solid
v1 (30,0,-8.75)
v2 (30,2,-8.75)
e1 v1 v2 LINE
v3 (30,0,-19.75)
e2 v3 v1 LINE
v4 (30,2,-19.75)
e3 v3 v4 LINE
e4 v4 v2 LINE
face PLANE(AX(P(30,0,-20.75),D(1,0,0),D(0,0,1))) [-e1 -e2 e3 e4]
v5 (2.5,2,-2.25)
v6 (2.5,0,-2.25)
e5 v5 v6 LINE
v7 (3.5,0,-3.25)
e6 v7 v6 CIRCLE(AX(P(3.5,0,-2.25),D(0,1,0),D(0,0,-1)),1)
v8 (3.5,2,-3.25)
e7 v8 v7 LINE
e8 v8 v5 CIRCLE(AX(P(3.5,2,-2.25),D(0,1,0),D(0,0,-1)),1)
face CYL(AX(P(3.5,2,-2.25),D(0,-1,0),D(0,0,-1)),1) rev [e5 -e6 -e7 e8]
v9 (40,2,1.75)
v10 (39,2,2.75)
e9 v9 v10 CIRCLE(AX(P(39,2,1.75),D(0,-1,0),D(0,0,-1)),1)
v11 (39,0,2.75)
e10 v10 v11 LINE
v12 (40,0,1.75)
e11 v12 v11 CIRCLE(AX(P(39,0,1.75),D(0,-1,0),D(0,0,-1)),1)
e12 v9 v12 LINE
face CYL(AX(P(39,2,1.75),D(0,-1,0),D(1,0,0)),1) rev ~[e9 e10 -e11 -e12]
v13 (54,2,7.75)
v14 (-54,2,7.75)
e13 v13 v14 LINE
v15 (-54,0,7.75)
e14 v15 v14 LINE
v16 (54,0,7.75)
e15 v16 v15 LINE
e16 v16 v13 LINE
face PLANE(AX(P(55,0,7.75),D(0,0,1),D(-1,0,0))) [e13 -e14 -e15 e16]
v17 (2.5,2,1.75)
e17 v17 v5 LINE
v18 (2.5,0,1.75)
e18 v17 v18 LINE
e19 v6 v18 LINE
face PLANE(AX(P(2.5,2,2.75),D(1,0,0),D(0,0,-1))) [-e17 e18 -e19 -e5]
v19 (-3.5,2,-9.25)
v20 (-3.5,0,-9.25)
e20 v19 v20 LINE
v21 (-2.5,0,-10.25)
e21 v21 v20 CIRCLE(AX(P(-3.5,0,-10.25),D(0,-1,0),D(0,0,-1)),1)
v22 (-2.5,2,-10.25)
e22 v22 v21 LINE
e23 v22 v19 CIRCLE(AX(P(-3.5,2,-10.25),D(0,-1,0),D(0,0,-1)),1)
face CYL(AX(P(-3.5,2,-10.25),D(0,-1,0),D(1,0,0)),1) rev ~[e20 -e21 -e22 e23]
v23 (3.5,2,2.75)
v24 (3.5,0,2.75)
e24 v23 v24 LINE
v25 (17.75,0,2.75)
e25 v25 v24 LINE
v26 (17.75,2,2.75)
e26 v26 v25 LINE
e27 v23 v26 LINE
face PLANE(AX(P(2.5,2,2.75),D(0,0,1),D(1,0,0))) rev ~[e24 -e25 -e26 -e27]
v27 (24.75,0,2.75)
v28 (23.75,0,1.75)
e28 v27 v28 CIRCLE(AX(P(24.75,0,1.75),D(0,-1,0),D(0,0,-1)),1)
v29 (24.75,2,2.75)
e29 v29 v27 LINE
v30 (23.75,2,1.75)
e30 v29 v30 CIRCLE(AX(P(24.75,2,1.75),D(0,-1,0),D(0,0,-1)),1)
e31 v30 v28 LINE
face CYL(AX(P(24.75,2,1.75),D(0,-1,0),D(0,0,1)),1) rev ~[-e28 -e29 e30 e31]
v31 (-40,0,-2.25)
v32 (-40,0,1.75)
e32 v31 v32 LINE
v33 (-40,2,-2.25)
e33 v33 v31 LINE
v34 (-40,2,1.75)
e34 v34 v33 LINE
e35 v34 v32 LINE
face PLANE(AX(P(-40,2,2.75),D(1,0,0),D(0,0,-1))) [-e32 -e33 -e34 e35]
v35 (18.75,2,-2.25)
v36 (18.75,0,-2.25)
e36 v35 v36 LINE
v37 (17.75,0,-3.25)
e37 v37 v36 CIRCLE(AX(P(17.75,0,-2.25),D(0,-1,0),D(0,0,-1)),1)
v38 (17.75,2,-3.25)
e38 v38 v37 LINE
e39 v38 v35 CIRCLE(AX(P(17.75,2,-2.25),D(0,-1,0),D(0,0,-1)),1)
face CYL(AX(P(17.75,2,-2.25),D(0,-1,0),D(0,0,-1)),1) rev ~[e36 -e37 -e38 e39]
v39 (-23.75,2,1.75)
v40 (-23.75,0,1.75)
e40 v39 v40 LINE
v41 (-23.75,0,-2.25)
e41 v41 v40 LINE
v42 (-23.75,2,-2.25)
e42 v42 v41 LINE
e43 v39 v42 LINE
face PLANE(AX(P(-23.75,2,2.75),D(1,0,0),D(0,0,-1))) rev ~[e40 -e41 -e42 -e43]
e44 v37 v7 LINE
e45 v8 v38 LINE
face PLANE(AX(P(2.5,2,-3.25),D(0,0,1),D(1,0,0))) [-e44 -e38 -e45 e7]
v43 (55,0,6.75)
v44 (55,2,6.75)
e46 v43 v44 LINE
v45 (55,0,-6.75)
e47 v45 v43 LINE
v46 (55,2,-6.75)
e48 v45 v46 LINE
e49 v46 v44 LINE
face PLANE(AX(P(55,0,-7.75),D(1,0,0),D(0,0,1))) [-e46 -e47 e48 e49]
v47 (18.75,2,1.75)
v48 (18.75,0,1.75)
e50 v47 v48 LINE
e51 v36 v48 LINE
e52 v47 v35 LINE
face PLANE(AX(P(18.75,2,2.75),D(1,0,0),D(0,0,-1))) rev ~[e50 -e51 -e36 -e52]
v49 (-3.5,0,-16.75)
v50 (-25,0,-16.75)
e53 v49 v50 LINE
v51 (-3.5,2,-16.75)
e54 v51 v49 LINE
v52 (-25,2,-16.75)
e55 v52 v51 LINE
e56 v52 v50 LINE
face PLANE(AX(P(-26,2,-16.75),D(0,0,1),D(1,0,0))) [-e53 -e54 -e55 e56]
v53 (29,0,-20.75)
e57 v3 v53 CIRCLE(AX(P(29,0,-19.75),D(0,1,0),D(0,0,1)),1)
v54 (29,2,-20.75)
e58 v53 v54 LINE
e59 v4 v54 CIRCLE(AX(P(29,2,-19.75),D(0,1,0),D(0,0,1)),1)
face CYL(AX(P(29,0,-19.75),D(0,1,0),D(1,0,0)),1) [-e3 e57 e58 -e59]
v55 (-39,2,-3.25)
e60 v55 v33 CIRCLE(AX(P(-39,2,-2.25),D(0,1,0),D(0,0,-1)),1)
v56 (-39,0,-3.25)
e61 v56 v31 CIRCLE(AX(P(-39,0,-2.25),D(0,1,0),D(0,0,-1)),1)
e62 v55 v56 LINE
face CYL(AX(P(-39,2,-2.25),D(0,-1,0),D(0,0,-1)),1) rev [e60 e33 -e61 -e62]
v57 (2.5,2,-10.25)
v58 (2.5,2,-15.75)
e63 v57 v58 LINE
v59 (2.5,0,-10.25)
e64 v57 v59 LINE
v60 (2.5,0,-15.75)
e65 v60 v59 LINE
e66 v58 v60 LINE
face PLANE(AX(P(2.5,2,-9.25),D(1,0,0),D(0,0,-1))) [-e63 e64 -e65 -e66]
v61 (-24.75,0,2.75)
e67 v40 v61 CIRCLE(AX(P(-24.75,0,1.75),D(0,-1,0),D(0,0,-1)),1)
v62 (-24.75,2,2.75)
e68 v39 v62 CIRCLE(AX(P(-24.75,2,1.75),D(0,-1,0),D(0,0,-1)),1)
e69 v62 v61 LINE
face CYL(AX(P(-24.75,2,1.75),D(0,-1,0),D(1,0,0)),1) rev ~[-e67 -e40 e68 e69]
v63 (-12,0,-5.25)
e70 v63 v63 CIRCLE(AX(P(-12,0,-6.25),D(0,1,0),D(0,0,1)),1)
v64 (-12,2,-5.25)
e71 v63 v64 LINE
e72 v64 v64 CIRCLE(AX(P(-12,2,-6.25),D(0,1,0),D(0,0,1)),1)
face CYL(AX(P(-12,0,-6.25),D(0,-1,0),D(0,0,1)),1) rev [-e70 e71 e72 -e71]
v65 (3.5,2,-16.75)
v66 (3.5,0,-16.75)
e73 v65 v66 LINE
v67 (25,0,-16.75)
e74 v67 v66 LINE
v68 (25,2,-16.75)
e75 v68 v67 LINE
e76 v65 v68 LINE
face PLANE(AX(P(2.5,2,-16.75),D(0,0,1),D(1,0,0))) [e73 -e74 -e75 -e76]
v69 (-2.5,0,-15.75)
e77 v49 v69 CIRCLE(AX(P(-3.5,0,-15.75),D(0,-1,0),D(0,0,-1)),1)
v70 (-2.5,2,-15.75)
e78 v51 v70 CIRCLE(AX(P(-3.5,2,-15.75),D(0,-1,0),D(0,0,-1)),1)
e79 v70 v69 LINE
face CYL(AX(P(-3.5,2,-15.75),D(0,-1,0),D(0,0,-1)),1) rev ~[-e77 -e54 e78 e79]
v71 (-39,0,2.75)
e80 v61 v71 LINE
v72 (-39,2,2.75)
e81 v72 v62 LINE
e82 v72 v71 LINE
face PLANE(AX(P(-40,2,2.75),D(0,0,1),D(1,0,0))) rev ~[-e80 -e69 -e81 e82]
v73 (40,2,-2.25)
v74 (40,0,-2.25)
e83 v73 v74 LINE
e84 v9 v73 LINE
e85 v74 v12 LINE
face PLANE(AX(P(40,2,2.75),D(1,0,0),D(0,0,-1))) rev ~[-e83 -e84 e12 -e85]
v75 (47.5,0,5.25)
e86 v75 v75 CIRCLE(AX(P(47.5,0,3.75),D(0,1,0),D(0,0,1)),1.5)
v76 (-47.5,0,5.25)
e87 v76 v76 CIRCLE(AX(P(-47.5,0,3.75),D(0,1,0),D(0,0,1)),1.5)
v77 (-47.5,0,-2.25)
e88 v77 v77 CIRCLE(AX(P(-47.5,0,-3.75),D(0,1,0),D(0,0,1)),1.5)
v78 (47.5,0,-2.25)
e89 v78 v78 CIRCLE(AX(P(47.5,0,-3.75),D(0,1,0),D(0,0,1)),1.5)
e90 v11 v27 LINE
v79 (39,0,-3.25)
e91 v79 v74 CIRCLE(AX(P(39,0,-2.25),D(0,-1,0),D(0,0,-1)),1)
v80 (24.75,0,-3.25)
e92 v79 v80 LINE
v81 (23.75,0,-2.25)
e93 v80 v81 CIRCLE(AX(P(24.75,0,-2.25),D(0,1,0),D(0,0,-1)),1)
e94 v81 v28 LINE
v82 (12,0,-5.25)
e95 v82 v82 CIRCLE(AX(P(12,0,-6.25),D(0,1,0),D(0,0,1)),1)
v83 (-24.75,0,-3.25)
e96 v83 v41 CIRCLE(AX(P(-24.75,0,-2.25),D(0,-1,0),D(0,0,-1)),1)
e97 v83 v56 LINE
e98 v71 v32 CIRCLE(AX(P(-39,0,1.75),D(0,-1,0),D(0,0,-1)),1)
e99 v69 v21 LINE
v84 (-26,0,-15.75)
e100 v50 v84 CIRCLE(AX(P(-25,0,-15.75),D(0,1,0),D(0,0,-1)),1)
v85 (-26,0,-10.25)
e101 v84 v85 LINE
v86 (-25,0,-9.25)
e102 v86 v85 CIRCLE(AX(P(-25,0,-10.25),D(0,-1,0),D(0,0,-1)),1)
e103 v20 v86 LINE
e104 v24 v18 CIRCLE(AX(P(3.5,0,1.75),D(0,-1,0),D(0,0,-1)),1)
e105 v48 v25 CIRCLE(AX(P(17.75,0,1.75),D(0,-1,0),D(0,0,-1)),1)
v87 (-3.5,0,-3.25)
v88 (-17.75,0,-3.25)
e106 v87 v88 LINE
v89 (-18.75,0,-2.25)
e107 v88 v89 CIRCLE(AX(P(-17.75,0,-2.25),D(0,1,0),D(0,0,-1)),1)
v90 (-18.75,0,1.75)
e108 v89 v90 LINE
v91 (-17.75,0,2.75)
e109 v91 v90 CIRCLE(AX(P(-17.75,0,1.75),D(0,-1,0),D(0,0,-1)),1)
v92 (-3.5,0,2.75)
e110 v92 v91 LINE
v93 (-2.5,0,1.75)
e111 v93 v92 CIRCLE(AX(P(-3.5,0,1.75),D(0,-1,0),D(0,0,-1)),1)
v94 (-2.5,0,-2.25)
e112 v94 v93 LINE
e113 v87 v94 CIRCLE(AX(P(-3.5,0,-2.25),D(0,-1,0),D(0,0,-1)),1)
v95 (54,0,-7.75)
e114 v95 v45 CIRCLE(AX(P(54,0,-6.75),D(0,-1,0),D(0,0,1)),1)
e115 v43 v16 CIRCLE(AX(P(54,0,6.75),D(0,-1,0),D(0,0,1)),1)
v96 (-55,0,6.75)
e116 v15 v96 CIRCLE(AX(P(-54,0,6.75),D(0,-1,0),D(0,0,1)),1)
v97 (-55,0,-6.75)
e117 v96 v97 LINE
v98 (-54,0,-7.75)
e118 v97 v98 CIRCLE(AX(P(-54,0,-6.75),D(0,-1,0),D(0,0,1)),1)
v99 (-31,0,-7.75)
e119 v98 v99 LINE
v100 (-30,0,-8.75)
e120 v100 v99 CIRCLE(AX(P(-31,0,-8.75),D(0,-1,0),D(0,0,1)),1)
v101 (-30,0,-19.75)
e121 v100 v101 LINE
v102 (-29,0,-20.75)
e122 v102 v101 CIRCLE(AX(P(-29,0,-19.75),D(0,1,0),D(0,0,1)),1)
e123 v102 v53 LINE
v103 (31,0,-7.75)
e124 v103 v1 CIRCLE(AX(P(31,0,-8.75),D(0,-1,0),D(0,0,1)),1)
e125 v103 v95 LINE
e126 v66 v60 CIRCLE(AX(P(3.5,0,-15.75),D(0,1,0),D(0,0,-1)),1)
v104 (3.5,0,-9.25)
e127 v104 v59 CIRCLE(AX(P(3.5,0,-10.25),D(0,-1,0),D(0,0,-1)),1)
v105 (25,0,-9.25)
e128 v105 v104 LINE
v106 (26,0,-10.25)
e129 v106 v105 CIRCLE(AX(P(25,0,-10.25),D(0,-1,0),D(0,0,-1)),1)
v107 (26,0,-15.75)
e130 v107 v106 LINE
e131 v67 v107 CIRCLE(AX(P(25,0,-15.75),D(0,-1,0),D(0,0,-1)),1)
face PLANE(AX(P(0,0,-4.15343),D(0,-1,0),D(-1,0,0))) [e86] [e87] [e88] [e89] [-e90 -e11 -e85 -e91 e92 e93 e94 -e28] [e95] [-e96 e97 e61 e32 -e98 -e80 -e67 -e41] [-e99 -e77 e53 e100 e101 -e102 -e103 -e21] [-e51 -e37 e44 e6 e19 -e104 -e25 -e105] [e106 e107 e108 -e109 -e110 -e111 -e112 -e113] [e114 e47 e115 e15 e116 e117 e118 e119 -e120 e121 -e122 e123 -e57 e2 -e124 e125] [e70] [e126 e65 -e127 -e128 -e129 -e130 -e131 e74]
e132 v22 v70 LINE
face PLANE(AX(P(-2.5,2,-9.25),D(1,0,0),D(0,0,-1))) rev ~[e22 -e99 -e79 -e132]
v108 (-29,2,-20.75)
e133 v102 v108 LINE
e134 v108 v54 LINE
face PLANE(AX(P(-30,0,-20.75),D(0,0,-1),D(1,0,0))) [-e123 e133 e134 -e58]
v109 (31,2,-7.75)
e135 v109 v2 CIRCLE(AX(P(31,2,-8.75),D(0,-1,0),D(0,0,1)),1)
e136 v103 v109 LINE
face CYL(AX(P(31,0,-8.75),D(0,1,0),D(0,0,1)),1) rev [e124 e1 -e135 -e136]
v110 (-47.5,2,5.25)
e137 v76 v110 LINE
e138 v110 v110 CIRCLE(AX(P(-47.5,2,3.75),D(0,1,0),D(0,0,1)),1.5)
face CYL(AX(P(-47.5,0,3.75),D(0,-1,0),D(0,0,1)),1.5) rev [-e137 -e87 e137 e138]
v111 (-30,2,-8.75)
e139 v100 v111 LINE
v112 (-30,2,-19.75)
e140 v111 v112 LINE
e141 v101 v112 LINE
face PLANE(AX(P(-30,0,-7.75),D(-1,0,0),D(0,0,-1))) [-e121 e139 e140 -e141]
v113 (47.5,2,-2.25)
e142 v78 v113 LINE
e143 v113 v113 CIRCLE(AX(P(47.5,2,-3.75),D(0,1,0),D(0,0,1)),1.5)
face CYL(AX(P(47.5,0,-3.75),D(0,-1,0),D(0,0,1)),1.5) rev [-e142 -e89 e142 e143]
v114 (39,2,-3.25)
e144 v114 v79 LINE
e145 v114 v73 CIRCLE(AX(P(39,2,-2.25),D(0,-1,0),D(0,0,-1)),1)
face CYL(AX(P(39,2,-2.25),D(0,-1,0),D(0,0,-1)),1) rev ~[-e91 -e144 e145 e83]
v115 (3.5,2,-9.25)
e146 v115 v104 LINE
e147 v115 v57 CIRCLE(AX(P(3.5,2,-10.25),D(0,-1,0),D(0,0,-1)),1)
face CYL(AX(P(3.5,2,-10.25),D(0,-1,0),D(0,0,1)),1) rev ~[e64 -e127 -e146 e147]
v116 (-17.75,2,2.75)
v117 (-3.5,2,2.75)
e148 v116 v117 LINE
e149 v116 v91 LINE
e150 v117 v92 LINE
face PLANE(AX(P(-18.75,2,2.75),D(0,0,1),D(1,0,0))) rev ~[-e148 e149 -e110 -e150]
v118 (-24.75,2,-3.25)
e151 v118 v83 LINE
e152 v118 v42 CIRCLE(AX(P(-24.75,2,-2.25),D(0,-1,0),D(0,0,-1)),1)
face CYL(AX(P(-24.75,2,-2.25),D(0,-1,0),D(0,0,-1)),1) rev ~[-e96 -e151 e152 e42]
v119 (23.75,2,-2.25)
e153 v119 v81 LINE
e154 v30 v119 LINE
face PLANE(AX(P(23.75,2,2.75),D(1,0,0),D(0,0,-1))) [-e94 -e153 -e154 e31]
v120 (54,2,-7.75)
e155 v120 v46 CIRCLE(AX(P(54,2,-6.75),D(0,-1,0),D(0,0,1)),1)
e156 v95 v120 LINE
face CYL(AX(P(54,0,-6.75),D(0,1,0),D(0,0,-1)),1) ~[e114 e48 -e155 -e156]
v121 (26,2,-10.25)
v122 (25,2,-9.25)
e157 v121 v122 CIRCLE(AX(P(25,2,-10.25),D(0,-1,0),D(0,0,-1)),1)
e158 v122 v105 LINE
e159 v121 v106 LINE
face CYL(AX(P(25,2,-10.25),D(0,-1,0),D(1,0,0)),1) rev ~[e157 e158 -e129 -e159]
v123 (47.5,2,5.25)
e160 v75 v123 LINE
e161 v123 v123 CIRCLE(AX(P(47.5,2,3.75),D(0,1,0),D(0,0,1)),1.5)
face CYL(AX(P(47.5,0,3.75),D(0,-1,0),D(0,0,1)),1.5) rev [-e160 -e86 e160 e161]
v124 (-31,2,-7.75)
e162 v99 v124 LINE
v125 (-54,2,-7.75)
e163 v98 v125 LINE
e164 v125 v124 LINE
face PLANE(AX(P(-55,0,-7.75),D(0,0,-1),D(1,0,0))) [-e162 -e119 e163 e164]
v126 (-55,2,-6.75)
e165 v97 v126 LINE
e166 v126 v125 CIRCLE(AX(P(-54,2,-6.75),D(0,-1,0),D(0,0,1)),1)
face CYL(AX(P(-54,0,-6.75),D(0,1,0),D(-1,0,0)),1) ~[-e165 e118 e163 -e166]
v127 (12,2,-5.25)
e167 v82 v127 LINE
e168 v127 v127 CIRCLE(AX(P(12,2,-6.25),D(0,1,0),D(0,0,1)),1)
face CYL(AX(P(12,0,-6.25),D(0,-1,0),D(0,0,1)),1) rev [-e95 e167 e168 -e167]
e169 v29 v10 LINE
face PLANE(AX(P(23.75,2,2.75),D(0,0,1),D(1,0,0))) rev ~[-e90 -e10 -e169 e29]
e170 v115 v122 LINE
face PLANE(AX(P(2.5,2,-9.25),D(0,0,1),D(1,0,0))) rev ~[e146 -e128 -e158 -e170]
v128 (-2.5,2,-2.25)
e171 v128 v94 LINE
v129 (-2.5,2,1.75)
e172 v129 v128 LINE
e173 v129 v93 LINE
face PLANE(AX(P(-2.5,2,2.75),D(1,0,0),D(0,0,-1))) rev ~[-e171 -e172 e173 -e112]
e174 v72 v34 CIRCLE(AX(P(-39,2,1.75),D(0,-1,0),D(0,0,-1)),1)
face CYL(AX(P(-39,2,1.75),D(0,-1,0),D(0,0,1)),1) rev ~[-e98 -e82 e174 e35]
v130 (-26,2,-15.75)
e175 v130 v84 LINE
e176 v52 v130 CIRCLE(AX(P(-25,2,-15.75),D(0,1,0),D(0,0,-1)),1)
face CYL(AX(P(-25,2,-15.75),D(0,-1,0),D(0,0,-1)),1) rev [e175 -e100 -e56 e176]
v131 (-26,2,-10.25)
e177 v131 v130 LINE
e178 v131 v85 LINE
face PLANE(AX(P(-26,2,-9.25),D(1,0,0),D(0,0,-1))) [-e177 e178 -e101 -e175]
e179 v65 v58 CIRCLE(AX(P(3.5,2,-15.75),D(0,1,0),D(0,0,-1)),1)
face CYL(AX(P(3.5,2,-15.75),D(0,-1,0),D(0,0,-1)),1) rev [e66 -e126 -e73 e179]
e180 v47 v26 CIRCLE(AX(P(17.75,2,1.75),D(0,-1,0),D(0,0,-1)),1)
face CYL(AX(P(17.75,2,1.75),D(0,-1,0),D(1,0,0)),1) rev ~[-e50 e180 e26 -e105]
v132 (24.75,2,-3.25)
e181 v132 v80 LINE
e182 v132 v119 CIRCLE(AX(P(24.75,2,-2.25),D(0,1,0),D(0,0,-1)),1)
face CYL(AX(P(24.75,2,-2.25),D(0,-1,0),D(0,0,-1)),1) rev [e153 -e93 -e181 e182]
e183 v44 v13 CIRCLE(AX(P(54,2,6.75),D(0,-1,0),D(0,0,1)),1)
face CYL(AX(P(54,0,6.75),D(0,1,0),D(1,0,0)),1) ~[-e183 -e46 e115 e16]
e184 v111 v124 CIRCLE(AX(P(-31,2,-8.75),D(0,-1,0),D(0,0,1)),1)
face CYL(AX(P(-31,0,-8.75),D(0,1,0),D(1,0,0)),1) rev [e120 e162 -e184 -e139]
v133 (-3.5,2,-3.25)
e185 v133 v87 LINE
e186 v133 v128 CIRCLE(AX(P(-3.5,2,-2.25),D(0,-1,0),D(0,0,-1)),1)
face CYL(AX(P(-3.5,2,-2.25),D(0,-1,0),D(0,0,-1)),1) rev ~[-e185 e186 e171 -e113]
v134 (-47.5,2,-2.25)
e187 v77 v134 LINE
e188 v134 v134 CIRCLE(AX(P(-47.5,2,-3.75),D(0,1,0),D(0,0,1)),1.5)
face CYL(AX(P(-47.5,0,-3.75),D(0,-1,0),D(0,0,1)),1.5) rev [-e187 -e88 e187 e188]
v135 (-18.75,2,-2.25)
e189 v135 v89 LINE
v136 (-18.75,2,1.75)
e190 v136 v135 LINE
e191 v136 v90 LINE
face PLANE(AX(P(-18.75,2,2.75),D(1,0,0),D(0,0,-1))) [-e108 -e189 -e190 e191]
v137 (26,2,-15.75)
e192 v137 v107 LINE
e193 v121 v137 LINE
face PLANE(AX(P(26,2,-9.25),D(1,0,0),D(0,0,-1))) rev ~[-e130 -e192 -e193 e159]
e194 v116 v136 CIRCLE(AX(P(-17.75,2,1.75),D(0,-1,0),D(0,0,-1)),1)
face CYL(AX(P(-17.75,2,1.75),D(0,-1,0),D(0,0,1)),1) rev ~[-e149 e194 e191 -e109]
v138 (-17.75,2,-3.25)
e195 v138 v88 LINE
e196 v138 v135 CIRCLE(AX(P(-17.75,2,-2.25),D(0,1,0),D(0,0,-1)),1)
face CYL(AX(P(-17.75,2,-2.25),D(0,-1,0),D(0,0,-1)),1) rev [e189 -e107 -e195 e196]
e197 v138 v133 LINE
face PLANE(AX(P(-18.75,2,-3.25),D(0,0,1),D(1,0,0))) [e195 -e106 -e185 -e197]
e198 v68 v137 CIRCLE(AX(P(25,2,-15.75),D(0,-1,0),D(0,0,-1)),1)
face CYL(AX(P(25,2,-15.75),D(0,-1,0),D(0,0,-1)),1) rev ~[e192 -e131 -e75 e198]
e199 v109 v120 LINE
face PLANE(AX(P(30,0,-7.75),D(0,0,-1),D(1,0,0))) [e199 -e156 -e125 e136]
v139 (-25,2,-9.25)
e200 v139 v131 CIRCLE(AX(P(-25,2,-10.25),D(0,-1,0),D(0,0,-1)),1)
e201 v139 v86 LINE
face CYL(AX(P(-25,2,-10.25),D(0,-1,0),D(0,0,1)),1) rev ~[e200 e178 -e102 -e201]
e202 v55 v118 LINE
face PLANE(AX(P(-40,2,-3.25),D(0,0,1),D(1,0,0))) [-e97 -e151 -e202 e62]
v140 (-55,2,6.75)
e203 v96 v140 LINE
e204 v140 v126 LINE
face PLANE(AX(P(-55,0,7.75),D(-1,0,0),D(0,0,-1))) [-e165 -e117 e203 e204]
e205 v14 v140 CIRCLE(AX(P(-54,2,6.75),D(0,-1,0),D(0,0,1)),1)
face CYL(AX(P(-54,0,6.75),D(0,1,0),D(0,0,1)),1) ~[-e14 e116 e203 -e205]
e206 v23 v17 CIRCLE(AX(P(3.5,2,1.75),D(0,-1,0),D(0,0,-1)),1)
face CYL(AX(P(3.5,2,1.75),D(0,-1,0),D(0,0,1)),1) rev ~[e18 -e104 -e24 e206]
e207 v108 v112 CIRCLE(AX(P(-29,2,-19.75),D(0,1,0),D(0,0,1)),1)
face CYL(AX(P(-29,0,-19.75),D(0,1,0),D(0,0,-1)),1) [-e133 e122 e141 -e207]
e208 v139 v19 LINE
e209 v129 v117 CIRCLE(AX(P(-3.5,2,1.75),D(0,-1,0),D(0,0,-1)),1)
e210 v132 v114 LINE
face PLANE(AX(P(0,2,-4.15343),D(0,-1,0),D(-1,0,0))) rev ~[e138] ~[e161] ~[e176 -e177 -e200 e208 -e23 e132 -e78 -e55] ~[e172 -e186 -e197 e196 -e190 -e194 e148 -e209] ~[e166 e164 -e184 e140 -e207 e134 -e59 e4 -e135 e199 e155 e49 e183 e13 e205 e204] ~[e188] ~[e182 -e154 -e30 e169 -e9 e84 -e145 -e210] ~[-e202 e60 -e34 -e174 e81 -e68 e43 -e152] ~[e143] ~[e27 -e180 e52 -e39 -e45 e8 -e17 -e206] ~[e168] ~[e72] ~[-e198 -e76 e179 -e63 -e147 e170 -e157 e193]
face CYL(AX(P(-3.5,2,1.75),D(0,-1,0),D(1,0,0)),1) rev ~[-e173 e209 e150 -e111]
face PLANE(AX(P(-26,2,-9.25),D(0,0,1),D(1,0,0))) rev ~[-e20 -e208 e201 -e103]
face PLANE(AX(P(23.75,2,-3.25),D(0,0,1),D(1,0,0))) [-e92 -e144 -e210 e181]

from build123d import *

# Parameters (mm, degrees)
SKETCH_1_R          = 1.5
SKETCH_1_R_2        = 1
EXTRUDE_1_DEPTH     = 2
SKETCH_2_W          = 16.25
SKETCH_2_H          = 6
SKETCH_2_W_2        = 23.5
SKETCH_2_H_2        = 7.5
CUT_EXTRUDE_1_DEPTH = 59.8180457
FILLET_1_R          = 1


with BuildPart() as part:
    # 草图1 → 凸台-拉伸1 (new body)
    with BuildSketch(Plane(origin=(0, 0, 0), x_dir=(1, 0, 0), z_dir=(0, 1, 0))):
        Polygon((30, 7.75), (55, 7.75), (55, -7.75), (-55, -7.75), (-55, 7.75), (-30, 7.75), (-30, 20.75), (30, 20.75), align=None)
        with Locations(Location((-47.5, 3.75, 0), (0, 0, 270))):
            Circle(SKETCH_1_R, mode=Mode.SUBTRACT)
        with Locations(Location((-47.5, -3.75, 0), (0, 0, 270))):
            Circle(SKETCH_1_R, mode=Mode.SUBTRACT)
        with Locations(Location((47.5, 3.75, 0), (0, 0, 270))):
            Circle(SKETCH_1_R, mode=Mode.SUBTRACT)
        with Locations(Location((47.5, -3.75, 0), (0, 0, 270))):
            Circle(SKETCH_1_R, mode=Mode.SUBTRACT)
        with Locations(Location((-12, 6.25, 0), (0, 0, 270))):
            Circle(SKETCH_1_R_2, mode=Mode.SUBTRACT)
        with Locations(Location((12, 6.25, 0), (0, 0, 270))):
            Circle(SKETCH_1_R_2, mode=Mode.SUBTRACT)
    extrude(amount=EXTRUDE_1_DEPTH)

    # 草图2 → 切除-拉伸1 (cut, through all)
    with BuildSketch(Plane(origin=(0, 2, 0), x_dir=(1, 0, 0), z_dir=(0, 1, 0))):
        with Locations((-31.875, 0.25)):
            Rectangle(SKETCH_2_W, SKETCH_2_H)
        with Locations((-10.625, 0.25)):
            Rectangle(SKETCH_2_W, SKETCH_2_H)
        with Locations((10.625, 0.25)):
            Rectangle(SKETCH_2_W, SKETCH_2_H)
        with Locations((31.875, 0.25)):
            Rectangle(SKETCH_2_W, SKETCH_2_H)
        with Locations((-14.25, 13)):
            Rectangle(SKETCH_2_W_2, SKETCH_2_H_2)
        with Locations((14.25, 13)):
            Rectangle(SKETCH_2_W_2, SKETCH_2_H_2)
    extrude(amount=-CUT_EXTRUDE_1_DEPTH, mode=Mode.SUBTRACT)

    # 圆角1
    fillet_1_edges = [part.edges().sort_by_distance(p)[0] for p in [
        (-40, 1, 2.75),
        (-40, 1, -3.25),
        (-23.75, 1, -3.25),
        (-23.75, 1, 2.75),
        (-55, 1, -7.75),
        (-30, 1, -7.75),
        (-30, 1, -20.75),
        (30, 1, -20.75),
        (30, 1, -7.75),
        (55, 1, -7.75),
        (55, 1, 7.75),
        (-55, 1, 7.75),
        (40, 1, 2.75),
        (23.75, 1, 2.75),
        (23.75, 1, -3.25),
        (40, 1, -3.25),
        (-26, 1, -9.25),
        (-26, 1, -16.75),
        (-2.5, 1, -16.75),
        (-2.5, 1, -9.25),
        (2.5, 1, -16.75),
        (26, 1, -16.75),
        (26, 1, -9.25),
        (2.5, 1, -9.25),
        (-18.75, 1, 2.75),
        (-18.75, 1, -3.25),
        (-2.5, 1, -3.25),
        (-2.5, 1, 2.75),
        (18.75, 1, -3.25),
        (18.75, 1, 2.75),
        (2.5, 1, 2.75),
        (2.5, 1, -3.25),
    ]]
    fillet(fillet_1_edges, radius=FILLET_1_R)


solid = part.part
